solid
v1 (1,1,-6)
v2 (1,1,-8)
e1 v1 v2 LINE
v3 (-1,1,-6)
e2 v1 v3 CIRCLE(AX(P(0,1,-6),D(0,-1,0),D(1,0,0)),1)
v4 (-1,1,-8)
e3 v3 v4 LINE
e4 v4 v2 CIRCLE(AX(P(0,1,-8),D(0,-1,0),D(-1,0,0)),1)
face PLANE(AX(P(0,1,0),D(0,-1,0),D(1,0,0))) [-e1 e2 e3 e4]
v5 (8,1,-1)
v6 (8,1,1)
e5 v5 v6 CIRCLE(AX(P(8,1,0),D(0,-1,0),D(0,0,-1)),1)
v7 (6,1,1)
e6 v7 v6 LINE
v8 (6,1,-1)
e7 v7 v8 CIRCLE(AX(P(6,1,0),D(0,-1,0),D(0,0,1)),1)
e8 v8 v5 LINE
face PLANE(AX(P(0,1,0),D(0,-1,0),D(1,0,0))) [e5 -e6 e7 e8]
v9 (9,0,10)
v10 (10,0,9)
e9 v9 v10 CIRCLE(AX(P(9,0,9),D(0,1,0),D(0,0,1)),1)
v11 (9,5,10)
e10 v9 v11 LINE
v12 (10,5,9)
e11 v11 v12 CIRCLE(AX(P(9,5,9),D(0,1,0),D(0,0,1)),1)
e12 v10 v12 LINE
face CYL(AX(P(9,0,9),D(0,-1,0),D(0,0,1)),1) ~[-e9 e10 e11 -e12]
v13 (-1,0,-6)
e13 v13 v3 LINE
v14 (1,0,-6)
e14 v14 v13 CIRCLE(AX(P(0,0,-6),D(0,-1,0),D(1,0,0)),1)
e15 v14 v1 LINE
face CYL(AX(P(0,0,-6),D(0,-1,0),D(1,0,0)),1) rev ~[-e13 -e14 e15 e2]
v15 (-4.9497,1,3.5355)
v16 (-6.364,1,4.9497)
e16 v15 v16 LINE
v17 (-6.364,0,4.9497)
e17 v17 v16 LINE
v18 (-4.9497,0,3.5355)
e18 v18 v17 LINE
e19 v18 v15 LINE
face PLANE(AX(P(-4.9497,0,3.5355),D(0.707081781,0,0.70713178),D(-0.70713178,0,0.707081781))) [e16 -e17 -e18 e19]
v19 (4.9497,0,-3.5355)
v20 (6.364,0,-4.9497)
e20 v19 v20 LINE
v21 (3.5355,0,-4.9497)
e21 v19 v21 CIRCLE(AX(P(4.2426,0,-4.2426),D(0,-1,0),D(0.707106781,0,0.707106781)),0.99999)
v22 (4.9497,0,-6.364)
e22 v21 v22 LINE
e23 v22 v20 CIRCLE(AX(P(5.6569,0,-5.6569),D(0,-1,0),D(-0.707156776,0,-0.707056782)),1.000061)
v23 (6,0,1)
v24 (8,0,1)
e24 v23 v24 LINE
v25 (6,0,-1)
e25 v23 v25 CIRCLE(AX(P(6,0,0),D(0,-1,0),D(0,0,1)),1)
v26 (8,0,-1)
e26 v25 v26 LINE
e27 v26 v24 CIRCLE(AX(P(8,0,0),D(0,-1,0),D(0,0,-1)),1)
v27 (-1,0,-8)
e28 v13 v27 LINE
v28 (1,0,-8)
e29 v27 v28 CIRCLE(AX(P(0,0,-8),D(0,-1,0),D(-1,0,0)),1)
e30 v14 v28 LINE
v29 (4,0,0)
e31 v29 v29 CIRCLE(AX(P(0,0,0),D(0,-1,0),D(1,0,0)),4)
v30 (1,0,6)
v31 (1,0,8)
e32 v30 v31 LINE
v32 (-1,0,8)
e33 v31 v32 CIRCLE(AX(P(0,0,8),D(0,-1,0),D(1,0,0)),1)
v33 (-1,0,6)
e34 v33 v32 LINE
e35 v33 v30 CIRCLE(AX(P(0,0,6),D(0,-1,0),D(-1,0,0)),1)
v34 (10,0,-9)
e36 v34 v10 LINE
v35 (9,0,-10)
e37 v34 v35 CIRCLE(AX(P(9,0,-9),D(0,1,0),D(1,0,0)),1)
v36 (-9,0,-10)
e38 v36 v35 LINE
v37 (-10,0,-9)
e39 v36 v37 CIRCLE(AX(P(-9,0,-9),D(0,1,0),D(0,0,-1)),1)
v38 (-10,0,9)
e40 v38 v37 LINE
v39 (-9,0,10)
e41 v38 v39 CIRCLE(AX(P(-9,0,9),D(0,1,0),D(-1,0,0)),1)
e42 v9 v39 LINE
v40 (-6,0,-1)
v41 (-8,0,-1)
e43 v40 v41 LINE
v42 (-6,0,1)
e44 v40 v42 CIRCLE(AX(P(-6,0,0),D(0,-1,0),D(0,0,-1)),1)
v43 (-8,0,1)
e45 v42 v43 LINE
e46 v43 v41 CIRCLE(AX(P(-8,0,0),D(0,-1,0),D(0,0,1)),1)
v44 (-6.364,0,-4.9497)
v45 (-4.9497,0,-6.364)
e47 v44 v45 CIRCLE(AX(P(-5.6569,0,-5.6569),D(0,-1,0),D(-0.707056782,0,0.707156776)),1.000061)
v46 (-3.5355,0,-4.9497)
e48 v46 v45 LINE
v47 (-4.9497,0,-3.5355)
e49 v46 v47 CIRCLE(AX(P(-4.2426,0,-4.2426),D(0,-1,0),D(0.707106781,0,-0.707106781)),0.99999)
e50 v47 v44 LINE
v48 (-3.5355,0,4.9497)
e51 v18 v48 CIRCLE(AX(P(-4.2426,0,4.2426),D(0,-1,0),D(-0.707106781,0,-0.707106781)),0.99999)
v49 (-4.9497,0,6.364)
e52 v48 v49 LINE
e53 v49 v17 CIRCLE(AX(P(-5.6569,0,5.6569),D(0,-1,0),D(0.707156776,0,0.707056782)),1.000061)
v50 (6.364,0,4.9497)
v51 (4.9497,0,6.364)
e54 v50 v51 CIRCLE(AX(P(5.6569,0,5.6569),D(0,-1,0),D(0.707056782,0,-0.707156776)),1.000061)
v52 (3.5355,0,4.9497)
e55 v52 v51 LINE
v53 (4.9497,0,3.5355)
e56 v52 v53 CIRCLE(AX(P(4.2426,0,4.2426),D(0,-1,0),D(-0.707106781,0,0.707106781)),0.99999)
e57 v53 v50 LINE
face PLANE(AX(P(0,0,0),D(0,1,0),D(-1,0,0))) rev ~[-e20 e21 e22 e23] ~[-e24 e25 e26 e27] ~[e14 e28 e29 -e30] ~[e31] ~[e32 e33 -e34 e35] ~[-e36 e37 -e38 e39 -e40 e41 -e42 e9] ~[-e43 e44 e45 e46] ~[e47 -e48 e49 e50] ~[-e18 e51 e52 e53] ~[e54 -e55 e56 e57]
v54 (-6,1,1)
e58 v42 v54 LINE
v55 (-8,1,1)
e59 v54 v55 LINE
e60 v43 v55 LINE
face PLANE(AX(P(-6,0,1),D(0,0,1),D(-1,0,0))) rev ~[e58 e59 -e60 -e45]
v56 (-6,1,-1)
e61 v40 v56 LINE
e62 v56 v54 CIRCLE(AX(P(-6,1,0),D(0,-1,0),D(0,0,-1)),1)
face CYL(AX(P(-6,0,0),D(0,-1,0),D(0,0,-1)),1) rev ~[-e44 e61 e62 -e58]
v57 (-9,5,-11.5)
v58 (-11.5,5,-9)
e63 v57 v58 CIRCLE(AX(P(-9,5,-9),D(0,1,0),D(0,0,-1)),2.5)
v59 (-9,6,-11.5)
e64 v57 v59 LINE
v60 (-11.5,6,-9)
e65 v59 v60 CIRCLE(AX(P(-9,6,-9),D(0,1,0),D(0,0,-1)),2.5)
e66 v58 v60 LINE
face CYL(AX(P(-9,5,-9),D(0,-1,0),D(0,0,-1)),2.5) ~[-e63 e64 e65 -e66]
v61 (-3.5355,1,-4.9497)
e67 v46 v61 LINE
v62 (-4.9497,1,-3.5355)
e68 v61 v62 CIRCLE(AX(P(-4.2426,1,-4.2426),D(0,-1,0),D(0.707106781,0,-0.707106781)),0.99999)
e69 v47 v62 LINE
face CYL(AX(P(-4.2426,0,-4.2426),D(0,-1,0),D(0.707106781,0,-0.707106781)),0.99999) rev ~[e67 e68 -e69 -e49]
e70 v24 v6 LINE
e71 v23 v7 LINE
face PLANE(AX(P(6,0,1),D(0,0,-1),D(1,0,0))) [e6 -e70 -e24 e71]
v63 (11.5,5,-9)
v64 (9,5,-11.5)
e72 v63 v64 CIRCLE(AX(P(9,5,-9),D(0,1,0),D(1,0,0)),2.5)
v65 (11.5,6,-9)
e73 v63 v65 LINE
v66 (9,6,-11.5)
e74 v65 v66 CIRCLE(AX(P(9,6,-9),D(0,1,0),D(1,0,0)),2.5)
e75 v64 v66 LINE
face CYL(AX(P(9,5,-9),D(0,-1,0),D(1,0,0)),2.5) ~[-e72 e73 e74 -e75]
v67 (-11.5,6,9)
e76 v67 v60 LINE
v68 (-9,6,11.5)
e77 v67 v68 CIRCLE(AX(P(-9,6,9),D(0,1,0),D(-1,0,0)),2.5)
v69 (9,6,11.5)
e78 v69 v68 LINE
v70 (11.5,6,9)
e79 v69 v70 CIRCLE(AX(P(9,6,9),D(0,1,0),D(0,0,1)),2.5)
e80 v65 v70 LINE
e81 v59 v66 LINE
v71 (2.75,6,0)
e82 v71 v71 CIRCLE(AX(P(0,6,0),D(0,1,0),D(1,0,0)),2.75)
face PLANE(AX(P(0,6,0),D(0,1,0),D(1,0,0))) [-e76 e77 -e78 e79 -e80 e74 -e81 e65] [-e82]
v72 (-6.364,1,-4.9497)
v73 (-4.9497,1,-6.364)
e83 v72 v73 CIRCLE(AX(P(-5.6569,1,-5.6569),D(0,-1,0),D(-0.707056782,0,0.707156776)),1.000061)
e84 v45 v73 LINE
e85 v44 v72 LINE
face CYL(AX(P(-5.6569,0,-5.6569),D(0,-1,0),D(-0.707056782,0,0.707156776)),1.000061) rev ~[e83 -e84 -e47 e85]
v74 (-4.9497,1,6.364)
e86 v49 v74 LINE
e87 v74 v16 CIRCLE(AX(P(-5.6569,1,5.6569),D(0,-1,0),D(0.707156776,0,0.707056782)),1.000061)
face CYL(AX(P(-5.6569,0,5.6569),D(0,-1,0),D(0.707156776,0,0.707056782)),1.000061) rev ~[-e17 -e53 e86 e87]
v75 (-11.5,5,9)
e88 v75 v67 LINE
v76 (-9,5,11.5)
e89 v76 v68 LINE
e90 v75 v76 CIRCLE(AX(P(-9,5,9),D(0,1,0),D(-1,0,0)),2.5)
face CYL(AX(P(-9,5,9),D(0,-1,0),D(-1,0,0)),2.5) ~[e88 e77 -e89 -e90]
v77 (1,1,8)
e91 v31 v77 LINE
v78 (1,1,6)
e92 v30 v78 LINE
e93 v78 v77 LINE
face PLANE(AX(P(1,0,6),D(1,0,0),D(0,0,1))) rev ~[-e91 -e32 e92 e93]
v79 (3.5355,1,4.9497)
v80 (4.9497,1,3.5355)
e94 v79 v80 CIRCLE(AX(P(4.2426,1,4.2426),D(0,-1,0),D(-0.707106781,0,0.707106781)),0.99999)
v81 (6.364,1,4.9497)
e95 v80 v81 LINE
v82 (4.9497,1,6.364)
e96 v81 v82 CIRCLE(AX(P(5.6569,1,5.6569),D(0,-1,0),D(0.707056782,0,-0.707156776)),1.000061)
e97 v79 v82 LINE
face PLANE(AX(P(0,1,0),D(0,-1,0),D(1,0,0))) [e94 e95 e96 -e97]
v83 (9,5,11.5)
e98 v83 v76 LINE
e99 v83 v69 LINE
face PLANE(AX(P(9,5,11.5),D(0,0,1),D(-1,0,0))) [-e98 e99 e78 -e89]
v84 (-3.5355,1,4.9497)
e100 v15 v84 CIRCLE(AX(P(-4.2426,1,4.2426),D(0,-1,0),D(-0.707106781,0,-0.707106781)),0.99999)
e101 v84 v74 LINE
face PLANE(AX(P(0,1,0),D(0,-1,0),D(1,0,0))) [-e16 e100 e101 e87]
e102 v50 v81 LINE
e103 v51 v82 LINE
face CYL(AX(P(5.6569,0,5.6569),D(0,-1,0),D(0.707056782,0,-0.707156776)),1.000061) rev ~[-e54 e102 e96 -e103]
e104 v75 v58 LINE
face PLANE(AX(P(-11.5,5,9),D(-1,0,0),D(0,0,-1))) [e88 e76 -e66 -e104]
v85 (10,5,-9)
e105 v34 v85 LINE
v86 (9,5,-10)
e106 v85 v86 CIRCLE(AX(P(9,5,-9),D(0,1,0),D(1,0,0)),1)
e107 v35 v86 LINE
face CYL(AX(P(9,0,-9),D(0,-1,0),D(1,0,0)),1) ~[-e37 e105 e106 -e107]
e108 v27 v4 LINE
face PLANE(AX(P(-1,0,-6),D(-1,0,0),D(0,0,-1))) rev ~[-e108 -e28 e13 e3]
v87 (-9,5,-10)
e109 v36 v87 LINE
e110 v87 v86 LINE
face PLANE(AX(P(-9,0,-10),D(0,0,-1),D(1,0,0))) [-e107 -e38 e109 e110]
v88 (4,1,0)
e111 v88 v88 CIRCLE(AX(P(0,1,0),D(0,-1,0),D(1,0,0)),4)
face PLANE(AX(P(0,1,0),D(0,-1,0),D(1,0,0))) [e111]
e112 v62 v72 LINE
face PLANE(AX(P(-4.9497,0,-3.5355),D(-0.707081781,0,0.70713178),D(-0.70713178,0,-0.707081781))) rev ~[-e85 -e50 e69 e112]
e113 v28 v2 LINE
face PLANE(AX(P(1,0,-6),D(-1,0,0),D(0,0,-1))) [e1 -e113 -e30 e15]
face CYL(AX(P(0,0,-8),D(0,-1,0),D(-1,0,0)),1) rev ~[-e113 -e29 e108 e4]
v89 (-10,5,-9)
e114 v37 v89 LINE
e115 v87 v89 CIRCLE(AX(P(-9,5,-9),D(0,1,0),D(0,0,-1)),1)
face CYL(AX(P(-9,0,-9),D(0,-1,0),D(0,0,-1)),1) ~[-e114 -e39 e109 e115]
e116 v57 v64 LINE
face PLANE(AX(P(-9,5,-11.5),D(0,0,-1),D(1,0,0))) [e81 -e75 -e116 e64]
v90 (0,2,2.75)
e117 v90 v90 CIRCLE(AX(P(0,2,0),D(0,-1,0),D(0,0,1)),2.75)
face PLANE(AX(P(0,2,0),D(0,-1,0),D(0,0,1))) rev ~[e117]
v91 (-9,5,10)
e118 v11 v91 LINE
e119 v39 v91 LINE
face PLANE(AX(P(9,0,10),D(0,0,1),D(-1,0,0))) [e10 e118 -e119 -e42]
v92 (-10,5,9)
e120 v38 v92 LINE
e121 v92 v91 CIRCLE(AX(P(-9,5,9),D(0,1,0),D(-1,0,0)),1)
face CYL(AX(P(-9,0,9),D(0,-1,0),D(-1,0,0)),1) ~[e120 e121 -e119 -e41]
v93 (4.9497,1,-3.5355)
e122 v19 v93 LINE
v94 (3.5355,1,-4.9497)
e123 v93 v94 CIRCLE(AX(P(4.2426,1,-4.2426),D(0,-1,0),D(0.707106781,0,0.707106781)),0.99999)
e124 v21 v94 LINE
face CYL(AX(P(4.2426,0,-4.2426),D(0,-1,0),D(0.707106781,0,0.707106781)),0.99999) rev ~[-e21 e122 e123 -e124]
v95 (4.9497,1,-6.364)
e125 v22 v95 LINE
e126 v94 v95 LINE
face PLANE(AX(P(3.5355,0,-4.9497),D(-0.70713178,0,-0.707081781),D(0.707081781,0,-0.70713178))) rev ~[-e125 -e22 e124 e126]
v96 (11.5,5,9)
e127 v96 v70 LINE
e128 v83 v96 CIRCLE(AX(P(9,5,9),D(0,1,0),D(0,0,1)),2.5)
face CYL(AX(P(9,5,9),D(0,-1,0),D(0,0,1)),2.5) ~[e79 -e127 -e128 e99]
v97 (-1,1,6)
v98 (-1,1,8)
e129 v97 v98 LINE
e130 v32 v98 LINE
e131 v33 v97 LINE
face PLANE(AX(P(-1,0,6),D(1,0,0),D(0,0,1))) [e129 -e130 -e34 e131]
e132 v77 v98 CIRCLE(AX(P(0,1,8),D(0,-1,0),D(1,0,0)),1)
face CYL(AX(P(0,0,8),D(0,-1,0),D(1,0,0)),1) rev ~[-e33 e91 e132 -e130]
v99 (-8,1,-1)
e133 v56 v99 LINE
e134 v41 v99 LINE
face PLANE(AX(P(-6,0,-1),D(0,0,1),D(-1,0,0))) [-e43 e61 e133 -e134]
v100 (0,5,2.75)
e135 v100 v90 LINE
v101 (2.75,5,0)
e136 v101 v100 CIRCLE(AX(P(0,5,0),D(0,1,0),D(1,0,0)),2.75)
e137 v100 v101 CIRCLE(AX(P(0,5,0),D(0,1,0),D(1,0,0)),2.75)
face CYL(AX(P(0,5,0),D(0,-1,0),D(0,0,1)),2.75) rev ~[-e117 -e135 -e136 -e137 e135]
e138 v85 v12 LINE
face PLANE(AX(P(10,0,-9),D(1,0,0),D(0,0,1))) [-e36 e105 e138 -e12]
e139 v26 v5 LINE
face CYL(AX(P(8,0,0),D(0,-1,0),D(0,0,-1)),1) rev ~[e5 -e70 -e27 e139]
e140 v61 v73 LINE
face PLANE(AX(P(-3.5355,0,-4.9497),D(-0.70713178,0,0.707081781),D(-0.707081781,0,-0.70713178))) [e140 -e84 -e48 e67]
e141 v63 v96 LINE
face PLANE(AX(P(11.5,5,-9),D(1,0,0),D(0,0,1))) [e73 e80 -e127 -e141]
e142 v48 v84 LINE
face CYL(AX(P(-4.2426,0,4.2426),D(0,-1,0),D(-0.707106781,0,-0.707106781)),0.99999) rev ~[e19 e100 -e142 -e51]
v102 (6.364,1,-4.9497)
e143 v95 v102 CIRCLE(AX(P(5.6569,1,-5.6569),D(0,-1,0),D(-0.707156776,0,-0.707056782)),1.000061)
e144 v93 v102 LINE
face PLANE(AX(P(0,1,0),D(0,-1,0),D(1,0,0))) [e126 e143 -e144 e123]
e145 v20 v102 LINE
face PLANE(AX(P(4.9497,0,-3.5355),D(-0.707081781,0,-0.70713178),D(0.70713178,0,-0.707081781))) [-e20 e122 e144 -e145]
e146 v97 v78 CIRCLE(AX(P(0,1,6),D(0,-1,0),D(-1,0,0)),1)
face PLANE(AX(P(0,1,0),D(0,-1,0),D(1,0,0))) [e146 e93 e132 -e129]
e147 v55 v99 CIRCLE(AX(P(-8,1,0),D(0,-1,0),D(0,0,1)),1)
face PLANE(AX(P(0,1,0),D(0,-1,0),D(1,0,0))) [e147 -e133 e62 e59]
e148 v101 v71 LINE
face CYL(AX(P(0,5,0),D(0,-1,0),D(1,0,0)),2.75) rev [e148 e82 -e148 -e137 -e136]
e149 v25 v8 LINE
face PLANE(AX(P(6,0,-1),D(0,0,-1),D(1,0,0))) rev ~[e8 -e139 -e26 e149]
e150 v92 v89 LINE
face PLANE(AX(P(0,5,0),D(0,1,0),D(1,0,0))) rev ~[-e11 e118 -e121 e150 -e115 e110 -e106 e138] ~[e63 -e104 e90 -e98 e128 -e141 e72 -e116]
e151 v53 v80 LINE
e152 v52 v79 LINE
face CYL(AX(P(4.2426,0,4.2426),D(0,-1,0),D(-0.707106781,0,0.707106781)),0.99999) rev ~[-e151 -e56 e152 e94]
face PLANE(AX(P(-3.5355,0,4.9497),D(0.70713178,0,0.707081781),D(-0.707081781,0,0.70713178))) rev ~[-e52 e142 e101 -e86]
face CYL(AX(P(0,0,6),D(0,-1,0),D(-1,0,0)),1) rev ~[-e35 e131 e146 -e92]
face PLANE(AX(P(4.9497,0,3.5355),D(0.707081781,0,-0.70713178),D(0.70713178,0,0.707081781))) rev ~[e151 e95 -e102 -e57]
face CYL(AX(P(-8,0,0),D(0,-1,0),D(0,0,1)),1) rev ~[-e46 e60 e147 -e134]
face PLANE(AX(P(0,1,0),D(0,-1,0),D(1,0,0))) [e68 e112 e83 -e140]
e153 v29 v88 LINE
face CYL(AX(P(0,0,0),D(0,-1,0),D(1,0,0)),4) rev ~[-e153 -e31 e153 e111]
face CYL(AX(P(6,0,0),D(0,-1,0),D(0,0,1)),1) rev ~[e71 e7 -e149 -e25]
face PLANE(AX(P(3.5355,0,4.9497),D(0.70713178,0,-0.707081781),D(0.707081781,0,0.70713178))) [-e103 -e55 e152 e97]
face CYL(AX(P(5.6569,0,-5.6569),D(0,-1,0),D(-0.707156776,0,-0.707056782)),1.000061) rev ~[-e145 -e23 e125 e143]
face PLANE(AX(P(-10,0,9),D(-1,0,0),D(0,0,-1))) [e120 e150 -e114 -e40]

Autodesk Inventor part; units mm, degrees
ref_plane "YZ Plane" through (0, 0, 0) normal (1, 0, 0) x (0, 1, 0)
ref_plane "XZ Plane" through (0, 0, 0) normal (0, 1, 0) x (-1, 0, 0)
ref_plane "XY Plane" through (0, 0, 0) normal (0, 0, 1) x (1, 0, 0)
sketch "Sketch1" plane through (0, 0, 0) normal (0, 1, 0) x (-1, 0, 0)
  line L0 (9, -10) -> (-9, -10)
  line L1 (-10, -9) -> (-10, 9)
  line L2 (-9, 10) -> (9, 10)
  line L3 (10, 9) -> (10, -9)
  line L4 (10, 10) -> (-10, -10) construction
  line L5 (10, -10) -> (-10, 10) construction
  arc A0 (10, 9) -> (9, 10) centre (9, 9) ccw
  arc A1 (9, -10) -> (10, -9) centre (9, -9) ccw
  arc A2 (-10, -9) -> (-9, -10) centre (-9, -9) ccw
  arc A3 (-9, 10) -> (-10, 9) centre (-9, 9) ccw
  point P0 (0, 0)
  point P1 (0, 0)
  dimension "d7" = 20
  dimension "d9" = 20
  dimension "d10" = 1
extrude "Extrusion1" add sketch "Sketch1" along normal blind 5
sketch "Sketch2" plane through (0, 5, 0) normal (0, 1, 0) x (1, 0, 0)
  line L0 (-10, 9) -> (-10, -9) projected
  arc A0 (-10, -9) -> (-9, -10) centre (-9, -9) ccw projected
  line L1 (-9, -10) -> (9, -10) projected
  arc A1 (9, -10) -> (10, -9) centre (9, -9) ccw projected
  line L2 (10, -9) -> (10, 9) projected
  arc A2 (10, 9) -> (9, 10) centre (9, 9) ccw projected
  line L3 (9, 10) -> (-9, 10) projected
  arc A3 (-9, 10) -> (-10, 9) centre (-9, 9) ccw projected
  line L4 (9, -11.5) -> (-9, -11.5)
  arc A4 (-11.5, -9) -> (-9, -11.5) centre (-9, -9) ccw
  line L5 (-11.5, -9) -> (-11.5, 9)
  arc A5 (-9, 11.5) -> (-11.5, 9) centre (-9, 9) ccw
  line L6 (-9, 11.5) -> (9, 11.5)
  arc A6 (11.5, 9) -> (9, 11.5) centre (9, 9) ccw
  line L7 (11.5, 9) -> (11.5, -9)
  arc A7 (9, -11.5) -> (11.5, -9) centre (9, -9) ccw
  circle A8 centre (0, 0) radius 2.75
  dimension "d16" = 1.5
  dimension "d19" = 5.5
extrude "Extrusion3" add sketch "Sketch2" along normal blind 1 contours A3 L3 A2 L2 A1 L1 A0 L0 | L4 A4 L5 A5 L6 A6 L7 A7
sketch "Sketch3" plane through (0, 0, 0) normal (0, -1, 0) x (1, 0, 0)
  circle A0 centre (0, 0) radius 4
  arc A1 (-6, -1) -> (-6, 1) centre (-6, 0) ccw
  arc A2 (-8, 1) -> (-8, -1) centre (-8, 0) ccw
  line L0 (-6, -1) -> (-8, -1)
  line L1 (-6, 1) -> (-8, 1)
  line L2 (0, 0) -> (-5, 0) construction
  arc A3 (-3.5355, -4.9497) -> (-4.9497, -3.5355) centre (-4.2426, -4.2426) ccw
  line L3 (-3.5355, -4.9497) -> (-4.9497, -6.364)
  line L4 (-4.9497, -3.5355) -> (-6.364, -4.9497)
  arc A4 (-6.364, -4.9497) -> (-4.9497, -6.364) centre (-5.6569, -5.6569) ccw
  arc A5 (1, -6) -> (-1, -6) centre (0, -6) ccw
  line L5 (1, -6) -> (1, -8)
  line L6 (-1, -6) -> (-1, -8)
  arc A6 (-1, -8) -> (1, -8) centre (0, -8) ccw
  arc A7 (4.9497, -3.5355) -> (3.5355, -4.9497) centre (4.2426, -4.2426) ccw
  line L7 (4.9497, -3.5355) -> (6.364, -4.9497)
  line L8 (3.5355, -4.9497) -> (4.9497, -6.364)
  arc A8 (4.9497, -6.364) -> (6.364, -4.9497) centre (5.6569, -5.6569) ccw
  arc A9 (6, 1) -> (6, -1) centre (6, 0) ccw
  line L9 (6, 1) -> (8, 1)
  line L10 (6, -1) -> (8, -1)
  arc A10 (8, -1) -> (8, 1) centre (8, 0) ccw
  arc A11 (3.5355, 4.9497) -> (4.9497, 3.5355) centre (4.2426, 4.2426) ccw
  line L11 (3.5355, 4.9497) -> (4.9497, 6.364)
  line L12 (4.9497, 3.5355) -> (6.364, 4.9497)
  arc A12 (6.364, 4.9497) -> (4.9497, 6.364) centre (5.6569, 5.6569) ccw
  arc A13 (-1, 6) -> (1, 6) centre (0, 6) ccw
  line L13 (-1, 6) -> (-1, 8)
  line L14 (1, 6) -> (1, 8)
  arc A14 (1, 8) -> (-1, 8) centre (0, 8) ccw
  arc A15 (-4.9497, 3.5355) -> (-3.5355, 4.9497) centre (-4.2426, 4.2426) ccw
  line L15 (-4.9497, 3.5355) -> (-6.364, 4.9497)
  line L16 (-3.5355, 4.9497) -> (-4.9497, 6.364)
  arc A16 (-4.9497, 6.364) -> (-6.364, 4.9497) centre (-5.6569, 5.6569) ccw
  dimension "d24" = 2
  dimension "d25" = 2
  dimension "d26" = 2
  dimension "d27" = 6
  dimension "d28" = 360
  dimension "d29" = 16
  dimension "d37" = 8
extrude "Extrusion4" cut sketch "Sketch3" against normal blind 1
hole "Hole1" at (0, 5, 0) direction (0, -1, 0) diameter 5.5 depth 3
equation "\"d7\" = button_side"
equation "\"d9\" = d7"
equation "\"d24\" = d25"
equation "\"d25\" = d26"
equation "\"d27\" = 3 * d26"
equation "\"d37\" = 4 * d26"
equation "\"d0\" = 122"
equation "\"d1\" = 77"
equation "\"d4\" = 19"
equation "\"d5\" = 1"
equation "\"d8\" = 25"
equation "\"d13\" = 1.5"
equation "\"d14\" = 0"
equation "\"d15\" = 2"
equation "\"d30\" = 3.1"
equation "\"d31\" = 3"
equation "\"d33\" = 3"
equation "\"d34\" = 2"
equation "\"d36\" = 3"
equation "\"d38\" = 90deg"
equation "\"d39\" = 8"
equation "\"d40\" = 118deg"
equation "\"d44\" = 0"
equation "\"d45\" = 1.2"
equation "\"d46\" = 2"
equation "\"d47\" = 0"
equation "\"d50\" = 25"
equation "\"button_side\" = 20"
equation "\"d3\" = 1.01 * button_side"
equation "\"d2\" = d3"
properties part number "button1" material "Bronze, Soft Tin"
